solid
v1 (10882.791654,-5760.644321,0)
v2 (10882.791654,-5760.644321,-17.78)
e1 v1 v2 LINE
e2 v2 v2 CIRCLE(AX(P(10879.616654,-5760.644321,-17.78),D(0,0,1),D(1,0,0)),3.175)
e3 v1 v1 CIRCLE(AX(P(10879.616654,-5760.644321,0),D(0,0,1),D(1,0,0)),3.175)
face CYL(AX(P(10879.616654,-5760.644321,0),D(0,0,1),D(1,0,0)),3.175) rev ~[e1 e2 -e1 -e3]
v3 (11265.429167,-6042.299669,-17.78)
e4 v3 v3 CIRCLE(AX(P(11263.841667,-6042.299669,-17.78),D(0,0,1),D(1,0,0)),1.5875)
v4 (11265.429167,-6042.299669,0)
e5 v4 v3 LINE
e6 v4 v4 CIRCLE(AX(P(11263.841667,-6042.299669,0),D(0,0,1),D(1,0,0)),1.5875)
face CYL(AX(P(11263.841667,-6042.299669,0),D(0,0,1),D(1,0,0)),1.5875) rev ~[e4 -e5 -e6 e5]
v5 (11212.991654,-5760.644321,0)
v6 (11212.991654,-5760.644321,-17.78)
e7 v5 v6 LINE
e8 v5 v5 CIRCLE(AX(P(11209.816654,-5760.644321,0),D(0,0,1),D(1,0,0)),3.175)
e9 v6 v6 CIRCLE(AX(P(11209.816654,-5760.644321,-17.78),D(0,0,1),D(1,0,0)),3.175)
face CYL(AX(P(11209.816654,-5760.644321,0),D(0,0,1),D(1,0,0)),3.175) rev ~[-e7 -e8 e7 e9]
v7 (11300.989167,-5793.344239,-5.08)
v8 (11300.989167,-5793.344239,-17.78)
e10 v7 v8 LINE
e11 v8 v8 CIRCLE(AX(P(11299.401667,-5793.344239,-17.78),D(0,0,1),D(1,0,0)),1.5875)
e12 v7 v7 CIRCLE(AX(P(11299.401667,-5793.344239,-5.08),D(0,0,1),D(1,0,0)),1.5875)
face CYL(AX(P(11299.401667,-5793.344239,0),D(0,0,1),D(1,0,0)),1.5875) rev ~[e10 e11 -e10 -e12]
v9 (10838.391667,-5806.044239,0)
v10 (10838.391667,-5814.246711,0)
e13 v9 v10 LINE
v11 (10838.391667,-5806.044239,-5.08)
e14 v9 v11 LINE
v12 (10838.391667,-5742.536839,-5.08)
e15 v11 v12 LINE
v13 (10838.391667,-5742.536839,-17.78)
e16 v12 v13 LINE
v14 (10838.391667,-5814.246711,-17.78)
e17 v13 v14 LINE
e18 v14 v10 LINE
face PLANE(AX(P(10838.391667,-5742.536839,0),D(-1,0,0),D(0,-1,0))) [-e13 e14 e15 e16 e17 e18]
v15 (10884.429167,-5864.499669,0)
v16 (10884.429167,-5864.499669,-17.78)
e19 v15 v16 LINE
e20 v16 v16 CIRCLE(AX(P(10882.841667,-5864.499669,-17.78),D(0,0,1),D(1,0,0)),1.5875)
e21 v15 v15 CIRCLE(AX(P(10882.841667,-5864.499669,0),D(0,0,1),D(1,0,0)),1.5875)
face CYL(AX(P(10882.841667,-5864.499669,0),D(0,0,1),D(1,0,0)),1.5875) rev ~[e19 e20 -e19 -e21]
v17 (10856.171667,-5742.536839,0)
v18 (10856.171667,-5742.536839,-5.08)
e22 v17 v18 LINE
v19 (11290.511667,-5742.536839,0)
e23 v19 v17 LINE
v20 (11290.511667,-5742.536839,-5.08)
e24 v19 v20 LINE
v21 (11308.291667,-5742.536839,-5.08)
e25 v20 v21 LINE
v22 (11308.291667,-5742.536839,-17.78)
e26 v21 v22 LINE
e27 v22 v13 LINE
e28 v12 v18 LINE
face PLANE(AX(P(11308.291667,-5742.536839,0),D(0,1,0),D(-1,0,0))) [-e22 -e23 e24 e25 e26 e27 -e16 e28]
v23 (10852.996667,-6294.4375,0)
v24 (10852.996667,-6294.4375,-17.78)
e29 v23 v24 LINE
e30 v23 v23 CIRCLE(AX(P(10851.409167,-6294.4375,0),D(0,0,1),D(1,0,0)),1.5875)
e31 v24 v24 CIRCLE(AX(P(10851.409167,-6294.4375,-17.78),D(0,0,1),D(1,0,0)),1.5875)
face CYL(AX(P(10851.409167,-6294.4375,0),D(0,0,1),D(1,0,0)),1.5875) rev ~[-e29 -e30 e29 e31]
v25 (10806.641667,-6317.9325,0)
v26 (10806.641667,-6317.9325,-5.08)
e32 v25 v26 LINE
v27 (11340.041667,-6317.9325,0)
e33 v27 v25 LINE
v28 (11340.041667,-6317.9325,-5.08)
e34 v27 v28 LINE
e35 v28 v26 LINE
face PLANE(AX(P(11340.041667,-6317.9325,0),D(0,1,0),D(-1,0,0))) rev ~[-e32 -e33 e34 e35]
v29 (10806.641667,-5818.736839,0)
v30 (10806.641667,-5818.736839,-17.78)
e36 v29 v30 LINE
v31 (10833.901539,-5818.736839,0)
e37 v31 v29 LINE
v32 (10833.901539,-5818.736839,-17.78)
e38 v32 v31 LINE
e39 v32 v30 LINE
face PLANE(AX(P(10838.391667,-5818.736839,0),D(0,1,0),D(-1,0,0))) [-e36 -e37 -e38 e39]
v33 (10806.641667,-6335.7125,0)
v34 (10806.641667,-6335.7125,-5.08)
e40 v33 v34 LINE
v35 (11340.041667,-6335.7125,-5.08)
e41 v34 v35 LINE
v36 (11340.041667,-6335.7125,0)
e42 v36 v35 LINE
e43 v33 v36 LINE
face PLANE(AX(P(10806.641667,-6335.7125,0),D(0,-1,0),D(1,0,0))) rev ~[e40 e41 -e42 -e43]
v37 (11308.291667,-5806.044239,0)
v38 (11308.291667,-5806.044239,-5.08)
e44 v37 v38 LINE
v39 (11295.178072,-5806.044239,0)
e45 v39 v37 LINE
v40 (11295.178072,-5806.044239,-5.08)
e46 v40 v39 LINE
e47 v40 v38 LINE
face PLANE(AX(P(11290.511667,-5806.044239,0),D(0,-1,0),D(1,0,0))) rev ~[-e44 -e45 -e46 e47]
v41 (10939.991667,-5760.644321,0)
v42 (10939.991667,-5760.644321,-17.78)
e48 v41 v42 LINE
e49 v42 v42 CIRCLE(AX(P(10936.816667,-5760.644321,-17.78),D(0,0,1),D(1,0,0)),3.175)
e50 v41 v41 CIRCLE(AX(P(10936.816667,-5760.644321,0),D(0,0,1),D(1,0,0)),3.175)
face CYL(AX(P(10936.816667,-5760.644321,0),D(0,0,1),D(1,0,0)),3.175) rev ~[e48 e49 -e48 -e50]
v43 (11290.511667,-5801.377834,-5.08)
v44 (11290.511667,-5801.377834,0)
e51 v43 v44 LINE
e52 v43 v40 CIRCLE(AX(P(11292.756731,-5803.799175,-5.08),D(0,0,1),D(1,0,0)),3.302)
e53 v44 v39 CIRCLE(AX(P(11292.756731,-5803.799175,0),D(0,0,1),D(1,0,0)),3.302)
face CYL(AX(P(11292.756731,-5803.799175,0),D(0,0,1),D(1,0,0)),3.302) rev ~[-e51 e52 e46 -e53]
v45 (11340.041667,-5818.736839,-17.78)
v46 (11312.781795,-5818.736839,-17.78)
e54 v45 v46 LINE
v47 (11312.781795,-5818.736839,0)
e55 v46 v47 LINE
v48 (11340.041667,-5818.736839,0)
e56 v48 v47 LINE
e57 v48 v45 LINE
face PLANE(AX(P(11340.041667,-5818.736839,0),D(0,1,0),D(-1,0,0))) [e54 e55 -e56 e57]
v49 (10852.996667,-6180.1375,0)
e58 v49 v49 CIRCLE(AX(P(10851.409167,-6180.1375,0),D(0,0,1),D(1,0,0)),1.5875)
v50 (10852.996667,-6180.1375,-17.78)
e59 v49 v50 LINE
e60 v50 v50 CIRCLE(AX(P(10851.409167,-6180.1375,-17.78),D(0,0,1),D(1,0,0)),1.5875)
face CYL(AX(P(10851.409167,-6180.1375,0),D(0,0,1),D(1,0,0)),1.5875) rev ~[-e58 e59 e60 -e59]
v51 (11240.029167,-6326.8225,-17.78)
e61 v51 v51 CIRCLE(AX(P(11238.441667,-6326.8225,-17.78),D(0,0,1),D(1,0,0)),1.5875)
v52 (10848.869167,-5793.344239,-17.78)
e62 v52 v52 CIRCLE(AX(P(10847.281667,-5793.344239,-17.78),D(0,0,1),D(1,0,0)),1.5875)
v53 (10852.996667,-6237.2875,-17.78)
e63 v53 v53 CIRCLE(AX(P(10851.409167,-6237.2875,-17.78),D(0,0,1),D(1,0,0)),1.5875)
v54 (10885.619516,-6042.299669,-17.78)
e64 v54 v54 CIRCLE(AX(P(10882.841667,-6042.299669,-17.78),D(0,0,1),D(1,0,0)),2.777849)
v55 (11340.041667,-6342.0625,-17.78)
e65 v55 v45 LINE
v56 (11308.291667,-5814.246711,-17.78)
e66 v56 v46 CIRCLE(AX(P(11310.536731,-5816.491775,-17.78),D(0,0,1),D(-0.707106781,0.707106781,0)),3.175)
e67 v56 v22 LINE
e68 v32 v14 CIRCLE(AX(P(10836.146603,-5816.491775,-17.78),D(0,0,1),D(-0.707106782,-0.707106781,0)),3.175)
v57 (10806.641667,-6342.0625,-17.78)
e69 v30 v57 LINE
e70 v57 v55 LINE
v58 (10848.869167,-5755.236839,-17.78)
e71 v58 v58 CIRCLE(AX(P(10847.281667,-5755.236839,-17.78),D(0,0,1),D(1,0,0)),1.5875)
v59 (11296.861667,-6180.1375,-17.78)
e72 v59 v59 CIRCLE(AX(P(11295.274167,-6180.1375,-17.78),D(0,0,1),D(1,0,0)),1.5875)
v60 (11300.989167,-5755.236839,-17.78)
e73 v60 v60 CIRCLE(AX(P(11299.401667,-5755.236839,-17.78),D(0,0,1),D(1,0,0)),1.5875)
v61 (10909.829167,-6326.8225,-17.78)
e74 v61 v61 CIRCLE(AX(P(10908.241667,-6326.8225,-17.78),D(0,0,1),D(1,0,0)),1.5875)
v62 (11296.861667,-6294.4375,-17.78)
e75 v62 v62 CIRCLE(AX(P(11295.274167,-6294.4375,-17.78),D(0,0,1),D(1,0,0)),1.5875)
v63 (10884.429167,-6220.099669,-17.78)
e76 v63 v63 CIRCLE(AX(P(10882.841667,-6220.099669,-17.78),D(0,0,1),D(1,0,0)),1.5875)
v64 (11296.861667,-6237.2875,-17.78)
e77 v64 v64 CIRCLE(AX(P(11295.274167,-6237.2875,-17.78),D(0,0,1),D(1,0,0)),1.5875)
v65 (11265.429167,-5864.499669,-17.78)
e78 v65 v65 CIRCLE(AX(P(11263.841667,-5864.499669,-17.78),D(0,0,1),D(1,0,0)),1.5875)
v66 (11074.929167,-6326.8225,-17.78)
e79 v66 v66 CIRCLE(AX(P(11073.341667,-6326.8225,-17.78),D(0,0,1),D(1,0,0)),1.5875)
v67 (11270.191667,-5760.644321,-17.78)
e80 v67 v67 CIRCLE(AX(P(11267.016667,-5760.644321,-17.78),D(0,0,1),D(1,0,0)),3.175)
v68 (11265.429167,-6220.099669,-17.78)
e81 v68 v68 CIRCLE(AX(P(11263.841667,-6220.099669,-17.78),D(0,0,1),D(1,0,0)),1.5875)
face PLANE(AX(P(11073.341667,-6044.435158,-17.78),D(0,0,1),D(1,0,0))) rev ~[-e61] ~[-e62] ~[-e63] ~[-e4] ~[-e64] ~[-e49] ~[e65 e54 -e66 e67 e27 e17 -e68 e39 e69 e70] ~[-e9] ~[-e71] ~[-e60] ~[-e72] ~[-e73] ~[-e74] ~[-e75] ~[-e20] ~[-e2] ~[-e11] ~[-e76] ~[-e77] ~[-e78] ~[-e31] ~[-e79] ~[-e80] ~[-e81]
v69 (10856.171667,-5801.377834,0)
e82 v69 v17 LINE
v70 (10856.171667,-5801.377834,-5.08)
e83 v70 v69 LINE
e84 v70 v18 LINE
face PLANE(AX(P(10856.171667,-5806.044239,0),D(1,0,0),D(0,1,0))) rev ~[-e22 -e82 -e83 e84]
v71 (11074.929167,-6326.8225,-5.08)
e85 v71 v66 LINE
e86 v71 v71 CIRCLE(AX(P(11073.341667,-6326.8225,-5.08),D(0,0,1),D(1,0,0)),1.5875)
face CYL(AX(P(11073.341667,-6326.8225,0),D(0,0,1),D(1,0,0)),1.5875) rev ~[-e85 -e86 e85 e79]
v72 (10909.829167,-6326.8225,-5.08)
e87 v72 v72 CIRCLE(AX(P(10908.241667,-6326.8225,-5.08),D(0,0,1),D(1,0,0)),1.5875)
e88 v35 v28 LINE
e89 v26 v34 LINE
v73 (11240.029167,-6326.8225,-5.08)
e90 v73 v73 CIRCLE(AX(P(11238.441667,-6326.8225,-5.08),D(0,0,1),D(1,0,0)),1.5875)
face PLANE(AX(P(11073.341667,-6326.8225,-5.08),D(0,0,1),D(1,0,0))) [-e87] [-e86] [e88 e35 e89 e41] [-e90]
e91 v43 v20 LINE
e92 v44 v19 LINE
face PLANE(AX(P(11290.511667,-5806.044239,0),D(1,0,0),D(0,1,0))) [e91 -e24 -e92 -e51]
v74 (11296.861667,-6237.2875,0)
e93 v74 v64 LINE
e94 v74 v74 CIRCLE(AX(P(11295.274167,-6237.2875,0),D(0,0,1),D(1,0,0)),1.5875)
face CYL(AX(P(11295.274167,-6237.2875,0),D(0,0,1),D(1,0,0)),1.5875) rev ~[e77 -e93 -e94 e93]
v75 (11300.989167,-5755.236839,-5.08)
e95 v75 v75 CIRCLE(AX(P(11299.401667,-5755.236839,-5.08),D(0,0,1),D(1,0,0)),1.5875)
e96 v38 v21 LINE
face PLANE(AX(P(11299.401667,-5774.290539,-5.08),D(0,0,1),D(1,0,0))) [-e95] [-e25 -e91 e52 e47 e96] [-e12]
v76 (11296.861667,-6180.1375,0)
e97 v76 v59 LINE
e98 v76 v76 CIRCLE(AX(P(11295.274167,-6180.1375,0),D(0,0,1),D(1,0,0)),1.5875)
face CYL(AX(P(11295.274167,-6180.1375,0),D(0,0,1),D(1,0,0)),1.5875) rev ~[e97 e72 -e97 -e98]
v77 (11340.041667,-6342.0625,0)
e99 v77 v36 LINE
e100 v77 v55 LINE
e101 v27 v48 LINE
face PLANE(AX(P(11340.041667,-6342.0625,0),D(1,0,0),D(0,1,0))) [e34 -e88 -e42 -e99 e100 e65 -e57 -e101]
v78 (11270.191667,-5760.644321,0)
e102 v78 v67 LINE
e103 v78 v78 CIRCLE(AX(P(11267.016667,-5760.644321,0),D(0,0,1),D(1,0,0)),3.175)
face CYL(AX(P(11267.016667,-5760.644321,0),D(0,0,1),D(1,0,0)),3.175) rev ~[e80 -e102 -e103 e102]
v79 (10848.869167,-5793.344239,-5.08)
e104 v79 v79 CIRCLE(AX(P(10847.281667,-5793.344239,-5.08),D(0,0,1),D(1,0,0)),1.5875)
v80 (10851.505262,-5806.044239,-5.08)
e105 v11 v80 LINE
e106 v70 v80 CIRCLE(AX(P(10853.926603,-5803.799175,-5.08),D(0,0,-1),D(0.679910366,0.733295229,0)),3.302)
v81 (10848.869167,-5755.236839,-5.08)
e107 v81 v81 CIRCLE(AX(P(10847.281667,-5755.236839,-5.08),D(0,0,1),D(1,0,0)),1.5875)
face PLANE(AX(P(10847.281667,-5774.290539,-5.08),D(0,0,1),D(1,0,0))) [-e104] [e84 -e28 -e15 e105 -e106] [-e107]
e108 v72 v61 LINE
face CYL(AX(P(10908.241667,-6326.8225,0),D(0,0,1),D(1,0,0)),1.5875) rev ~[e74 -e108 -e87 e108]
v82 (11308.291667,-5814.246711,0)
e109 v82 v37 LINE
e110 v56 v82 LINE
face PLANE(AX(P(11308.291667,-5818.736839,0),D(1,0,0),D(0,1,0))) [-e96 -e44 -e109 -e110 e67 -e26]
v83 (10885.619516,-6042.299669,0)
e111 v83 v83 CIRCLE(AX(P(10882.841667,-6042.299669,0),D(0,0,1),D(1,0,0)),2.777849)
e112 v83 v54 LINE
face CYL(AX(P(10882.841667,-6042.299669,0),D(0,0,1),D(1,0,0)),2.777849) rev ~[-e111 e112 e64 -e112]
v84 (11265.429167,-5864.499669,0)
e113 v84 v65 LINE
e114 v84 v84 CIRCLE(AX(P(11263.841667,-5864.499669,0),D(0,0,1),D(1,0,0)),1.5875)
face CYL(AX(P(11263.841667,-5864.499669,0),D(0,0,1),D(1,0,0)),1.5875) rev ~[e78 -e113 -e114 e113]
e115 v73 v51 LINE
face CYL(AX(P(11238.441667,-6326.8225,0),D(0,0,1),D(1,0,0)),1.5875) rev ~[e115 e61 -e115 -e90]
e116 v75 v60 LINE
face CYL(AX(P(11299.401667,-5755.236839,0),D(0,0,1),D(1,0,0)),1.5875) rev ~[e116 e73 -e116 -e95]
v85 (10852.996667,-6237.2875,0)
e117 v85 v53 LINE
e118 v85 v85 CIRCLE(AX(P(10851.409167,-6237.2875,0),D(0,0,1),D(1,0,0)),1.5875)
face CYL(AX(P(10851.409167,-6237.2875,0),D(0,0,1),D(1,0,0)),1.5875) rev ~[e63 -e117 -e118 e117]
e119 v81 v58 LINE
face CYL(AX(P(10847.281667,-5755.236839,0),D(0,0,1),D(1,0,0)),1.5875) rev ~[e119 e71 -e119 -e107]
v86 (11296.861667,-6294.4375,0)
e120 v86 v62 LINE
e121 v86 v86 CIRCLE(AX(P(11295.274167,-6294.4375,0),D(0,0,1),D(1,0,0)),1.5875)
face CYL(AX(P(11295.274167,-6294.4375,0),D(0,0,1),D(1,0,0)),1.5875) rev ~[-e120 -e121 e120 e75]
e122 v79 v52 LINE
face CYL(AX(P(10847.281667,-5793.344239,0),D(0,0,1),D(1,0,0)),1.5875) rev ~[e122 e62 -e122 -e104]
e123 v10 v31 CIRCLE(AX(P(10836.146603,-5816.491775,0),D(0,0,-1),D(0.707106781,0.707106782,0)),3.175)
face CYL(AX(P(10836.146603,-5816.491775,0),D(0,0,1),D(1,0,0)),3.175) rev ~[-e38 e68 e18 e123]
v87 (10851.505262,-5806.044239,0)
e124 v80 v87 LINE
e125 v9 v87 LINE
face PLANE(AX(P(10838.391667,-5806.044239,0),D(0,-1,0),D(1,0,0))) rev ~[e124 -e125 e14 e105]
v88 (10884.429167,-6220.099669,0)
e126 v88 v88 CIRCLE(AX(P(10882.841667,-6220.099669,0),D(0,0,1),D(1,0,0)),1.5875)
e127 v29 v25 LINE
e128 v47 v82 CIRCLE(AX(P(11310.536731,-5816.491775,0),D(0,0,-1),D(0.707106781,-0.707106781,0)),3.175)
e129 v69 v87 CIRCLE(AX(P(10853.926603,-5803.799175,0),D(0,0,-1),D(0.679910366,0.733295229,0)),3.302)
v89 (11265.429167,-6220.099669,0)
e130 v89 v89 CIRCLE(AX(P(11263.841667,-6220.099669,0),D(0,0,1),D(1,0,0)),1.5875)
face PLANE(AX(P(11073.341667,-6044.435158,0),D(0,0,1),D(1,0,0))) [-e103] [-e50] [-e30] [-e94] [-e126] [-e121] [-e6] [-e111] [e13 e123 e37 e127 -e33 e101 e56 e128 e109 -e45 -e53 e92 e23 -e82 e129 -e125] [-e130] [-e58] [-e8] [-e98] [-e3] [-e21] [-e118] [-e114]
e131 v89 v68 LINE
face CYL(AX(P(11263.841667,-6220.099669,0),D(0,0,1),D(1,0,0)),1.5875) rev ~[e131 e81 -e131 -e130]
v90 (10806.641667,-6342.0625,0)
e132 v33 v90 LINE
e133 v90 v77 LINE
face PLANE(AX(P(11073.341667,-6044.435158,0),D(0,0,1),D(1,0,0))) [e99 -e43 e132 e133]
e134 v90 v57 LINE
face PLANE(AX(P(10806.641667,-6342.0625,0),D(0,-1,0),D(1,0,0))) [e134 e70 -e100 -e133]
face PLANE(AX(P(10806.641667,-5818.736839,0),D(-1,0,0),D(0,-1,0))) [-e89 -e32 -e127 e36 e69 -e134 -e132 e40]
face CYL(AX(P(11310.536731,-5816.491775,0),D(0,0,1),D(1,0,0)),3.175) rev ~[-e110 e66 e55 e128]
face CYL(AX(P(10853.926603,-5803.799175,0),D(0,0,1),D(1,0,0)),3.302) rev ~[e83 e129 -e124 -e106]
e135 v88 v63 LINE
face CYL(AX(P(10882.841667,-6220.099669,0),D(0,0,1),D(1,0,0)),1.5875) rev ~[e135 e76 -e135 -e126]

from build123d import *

# Parameters (mm, degrees)
EXTRUDE1_DEPTH     = 17.78
SKETCH4_R          = 3.175
SKETCH4_R_2        = 3.175000002
CUT_EXTRUDE1_DEPTH = 17.78
SKETCH6_R          = 1.5875
SKETCH6_R_2        = 2.777849083
CUT_EXTRUDE3_DEPTH = 17.78
SKETCH5_W          = 17.78
SKETCH5_H          = 63.50740041
SKETCH5_H_2        = 63.507400408
CUT_EXTRUDE2_DEPTH = 5.08
SKETCH7_R          = 3.302
CUT_EXTRUDE4_DEPTH = 5.08
SKETCH9_R          = 3.175
CUT_EXTRUDE5_DEPTH = 17.78


with BuildPart() as part:
    # Sketch3 → Extrude1 (new body)
    with BuildSketch(Plane.XY):
        Polygon((10806.641666666, -6342.0625), (11340.041666666, -6342.0625), (11340.041666666, -5818.736838581), (11308.291666667, -5818.736838581), (11308.291666667, -5742.536838581), (10838.391666667, -5742.536838581), (10838.391666667, -5818.736838581), (10806.641666666, -5818.736838581), align=None)
    extrude(amount=-EXTRUDE1_DEPTH)

    # Sketch4 → Cut-Extrude1 (cut)
    with BuildSketch(Plane.XY):
        with Locations((11310.536730697, -5816.491774551)):
            Circle(SKETCH4_R)
        with Locations((10836.146602637, -5816.491774551)):
            Circle(SKETCH4_R_2)
    extrude(amount=-CUT_EXTRUDE1_DEPTH, mode=Mode.SUBTRACT)

    # Sketch6 → Cut-Extrude3 (cut)
    with BuildSketch(Plane.XY):
        with Locations((10851.409166666, -6294.4375)):
            Circle(SKETCH6_R)
        with Locations((10908.241666666, -6326.8225)):
            Circle(SKETCH6_R)
        with Locations((11073.341666666, -6326.8225)):
            Circle(SKETCH6_R)
        with Locations((11238.441666666, -6326.8225)):
            Circle(SKETCH6_R)
        with Locations((11295.274166666, -6294.4375)):
            Circle(SKETCH6_R)
        with Locations((11295.274166666, -6237.2875)):
            Circle(SKETCH6_R)
        with Locations((11263.841666666, -6220.099669291)):
            Circle(SKETCH6_R)
        with Locations((11295.274166666, -6180.1375)):
            Circle(SKETCH6_R)
        with Locations((11263.841666666, -6042.299669291)):
            Circle(SKETCH6_R)
        with Locations((11263.841666666, -5864.499669291)):
            Circle(SKETCH6_R)
        with Locations((11299.401666666, -5793.344238991)):
            Circle(SKETCH6_R)
        with Locations((11299.401666666, -5755.236838581)):
            Circle(SKETCH6_R)
        with Locations((10847.281666666, -5755.236838581)):
            Circle(SKETCH6_R)
        with Locations((10847.281666666, -5793.344238991)):
            Circle(SKETCH6_R)
        with Locations((10882.841666666, -6042.299669291)):
            Circle(SKETCH6_R_2)
        with Locations((10851.409166666, -6180.1375)):
            Circle(SKETCH6_R)
        with Locations((10882.841666666, -6220.099669291)):
            Circle(SKETCH6_R)
        with Locations((10851.409166666, -6237.2875)):
            Circle(SKETCH6_R)
        with Locations((10882.841666666, -5864.499669291)):
            Circle(SKETCH6_R)
    extrude(amount=-CUT_EXTRUDE3_DEPTH, mode=Mode.SUBTRACT)

    # Sketch5 → Cut-Extrude2 (cut)
    with BuildSketch(Plane.XY):
        Polygon((11073.341666666, -6317.9325), (10806.641666666, -6317.9325), (10806.641666666, -6335.7125), (11340.041666666, -6335.7125), (11340.041666666, -6317.9325), align=None)
        with Locations((10847.281666667, -5774.290538786)):
            Rectangle(SKETCH5_W, SKETCH5_H)
        with Locations((11299.401666667, -5774.290538785)):
            Rectangle(SKETCH5_W, SKETCH5_H_2)
    extrude(amount=-CUT_EXTRUDE2_DEPTH, mode=Mode.SUBTRACT)

    # Sketch7 → Cut-Extrude4 (cut)
    with BuildSketch(Plane.XY):
        with Locations((10853.926602637, -5803.79917496)):
            Circle(SKETCH7_R)
        with Locations((11292.756730697, -5803.799174959)):
            Circle(SKETCH7_R)
    extrude(amount=-CUT_EXTRUDE4_DEPTH, mode=Mode.SUBTRACT)

    # Sketch9 → Cut-Extrude5 (cut)
    with BuildSketch(Plane.XY):
        with Locations((10879.616654067, -5760.644320781)):
            Circle(SKETCH9_R)
        with Locations((10936.816666667, -5760.644320781)):
            Circle(SKETCH9_R)
        with Locations((11209.816654067, -5760.644320781)):
            Circle(SKETCH9_R)
        with Locations((11267.016666667, -5760.644320781)):
            Circle(SKETCH9_R)
    extrude(amount=-CUT_EXTRUDE5_DEPTH, mode=Mode.SUBTRACT)


solid = part.part
